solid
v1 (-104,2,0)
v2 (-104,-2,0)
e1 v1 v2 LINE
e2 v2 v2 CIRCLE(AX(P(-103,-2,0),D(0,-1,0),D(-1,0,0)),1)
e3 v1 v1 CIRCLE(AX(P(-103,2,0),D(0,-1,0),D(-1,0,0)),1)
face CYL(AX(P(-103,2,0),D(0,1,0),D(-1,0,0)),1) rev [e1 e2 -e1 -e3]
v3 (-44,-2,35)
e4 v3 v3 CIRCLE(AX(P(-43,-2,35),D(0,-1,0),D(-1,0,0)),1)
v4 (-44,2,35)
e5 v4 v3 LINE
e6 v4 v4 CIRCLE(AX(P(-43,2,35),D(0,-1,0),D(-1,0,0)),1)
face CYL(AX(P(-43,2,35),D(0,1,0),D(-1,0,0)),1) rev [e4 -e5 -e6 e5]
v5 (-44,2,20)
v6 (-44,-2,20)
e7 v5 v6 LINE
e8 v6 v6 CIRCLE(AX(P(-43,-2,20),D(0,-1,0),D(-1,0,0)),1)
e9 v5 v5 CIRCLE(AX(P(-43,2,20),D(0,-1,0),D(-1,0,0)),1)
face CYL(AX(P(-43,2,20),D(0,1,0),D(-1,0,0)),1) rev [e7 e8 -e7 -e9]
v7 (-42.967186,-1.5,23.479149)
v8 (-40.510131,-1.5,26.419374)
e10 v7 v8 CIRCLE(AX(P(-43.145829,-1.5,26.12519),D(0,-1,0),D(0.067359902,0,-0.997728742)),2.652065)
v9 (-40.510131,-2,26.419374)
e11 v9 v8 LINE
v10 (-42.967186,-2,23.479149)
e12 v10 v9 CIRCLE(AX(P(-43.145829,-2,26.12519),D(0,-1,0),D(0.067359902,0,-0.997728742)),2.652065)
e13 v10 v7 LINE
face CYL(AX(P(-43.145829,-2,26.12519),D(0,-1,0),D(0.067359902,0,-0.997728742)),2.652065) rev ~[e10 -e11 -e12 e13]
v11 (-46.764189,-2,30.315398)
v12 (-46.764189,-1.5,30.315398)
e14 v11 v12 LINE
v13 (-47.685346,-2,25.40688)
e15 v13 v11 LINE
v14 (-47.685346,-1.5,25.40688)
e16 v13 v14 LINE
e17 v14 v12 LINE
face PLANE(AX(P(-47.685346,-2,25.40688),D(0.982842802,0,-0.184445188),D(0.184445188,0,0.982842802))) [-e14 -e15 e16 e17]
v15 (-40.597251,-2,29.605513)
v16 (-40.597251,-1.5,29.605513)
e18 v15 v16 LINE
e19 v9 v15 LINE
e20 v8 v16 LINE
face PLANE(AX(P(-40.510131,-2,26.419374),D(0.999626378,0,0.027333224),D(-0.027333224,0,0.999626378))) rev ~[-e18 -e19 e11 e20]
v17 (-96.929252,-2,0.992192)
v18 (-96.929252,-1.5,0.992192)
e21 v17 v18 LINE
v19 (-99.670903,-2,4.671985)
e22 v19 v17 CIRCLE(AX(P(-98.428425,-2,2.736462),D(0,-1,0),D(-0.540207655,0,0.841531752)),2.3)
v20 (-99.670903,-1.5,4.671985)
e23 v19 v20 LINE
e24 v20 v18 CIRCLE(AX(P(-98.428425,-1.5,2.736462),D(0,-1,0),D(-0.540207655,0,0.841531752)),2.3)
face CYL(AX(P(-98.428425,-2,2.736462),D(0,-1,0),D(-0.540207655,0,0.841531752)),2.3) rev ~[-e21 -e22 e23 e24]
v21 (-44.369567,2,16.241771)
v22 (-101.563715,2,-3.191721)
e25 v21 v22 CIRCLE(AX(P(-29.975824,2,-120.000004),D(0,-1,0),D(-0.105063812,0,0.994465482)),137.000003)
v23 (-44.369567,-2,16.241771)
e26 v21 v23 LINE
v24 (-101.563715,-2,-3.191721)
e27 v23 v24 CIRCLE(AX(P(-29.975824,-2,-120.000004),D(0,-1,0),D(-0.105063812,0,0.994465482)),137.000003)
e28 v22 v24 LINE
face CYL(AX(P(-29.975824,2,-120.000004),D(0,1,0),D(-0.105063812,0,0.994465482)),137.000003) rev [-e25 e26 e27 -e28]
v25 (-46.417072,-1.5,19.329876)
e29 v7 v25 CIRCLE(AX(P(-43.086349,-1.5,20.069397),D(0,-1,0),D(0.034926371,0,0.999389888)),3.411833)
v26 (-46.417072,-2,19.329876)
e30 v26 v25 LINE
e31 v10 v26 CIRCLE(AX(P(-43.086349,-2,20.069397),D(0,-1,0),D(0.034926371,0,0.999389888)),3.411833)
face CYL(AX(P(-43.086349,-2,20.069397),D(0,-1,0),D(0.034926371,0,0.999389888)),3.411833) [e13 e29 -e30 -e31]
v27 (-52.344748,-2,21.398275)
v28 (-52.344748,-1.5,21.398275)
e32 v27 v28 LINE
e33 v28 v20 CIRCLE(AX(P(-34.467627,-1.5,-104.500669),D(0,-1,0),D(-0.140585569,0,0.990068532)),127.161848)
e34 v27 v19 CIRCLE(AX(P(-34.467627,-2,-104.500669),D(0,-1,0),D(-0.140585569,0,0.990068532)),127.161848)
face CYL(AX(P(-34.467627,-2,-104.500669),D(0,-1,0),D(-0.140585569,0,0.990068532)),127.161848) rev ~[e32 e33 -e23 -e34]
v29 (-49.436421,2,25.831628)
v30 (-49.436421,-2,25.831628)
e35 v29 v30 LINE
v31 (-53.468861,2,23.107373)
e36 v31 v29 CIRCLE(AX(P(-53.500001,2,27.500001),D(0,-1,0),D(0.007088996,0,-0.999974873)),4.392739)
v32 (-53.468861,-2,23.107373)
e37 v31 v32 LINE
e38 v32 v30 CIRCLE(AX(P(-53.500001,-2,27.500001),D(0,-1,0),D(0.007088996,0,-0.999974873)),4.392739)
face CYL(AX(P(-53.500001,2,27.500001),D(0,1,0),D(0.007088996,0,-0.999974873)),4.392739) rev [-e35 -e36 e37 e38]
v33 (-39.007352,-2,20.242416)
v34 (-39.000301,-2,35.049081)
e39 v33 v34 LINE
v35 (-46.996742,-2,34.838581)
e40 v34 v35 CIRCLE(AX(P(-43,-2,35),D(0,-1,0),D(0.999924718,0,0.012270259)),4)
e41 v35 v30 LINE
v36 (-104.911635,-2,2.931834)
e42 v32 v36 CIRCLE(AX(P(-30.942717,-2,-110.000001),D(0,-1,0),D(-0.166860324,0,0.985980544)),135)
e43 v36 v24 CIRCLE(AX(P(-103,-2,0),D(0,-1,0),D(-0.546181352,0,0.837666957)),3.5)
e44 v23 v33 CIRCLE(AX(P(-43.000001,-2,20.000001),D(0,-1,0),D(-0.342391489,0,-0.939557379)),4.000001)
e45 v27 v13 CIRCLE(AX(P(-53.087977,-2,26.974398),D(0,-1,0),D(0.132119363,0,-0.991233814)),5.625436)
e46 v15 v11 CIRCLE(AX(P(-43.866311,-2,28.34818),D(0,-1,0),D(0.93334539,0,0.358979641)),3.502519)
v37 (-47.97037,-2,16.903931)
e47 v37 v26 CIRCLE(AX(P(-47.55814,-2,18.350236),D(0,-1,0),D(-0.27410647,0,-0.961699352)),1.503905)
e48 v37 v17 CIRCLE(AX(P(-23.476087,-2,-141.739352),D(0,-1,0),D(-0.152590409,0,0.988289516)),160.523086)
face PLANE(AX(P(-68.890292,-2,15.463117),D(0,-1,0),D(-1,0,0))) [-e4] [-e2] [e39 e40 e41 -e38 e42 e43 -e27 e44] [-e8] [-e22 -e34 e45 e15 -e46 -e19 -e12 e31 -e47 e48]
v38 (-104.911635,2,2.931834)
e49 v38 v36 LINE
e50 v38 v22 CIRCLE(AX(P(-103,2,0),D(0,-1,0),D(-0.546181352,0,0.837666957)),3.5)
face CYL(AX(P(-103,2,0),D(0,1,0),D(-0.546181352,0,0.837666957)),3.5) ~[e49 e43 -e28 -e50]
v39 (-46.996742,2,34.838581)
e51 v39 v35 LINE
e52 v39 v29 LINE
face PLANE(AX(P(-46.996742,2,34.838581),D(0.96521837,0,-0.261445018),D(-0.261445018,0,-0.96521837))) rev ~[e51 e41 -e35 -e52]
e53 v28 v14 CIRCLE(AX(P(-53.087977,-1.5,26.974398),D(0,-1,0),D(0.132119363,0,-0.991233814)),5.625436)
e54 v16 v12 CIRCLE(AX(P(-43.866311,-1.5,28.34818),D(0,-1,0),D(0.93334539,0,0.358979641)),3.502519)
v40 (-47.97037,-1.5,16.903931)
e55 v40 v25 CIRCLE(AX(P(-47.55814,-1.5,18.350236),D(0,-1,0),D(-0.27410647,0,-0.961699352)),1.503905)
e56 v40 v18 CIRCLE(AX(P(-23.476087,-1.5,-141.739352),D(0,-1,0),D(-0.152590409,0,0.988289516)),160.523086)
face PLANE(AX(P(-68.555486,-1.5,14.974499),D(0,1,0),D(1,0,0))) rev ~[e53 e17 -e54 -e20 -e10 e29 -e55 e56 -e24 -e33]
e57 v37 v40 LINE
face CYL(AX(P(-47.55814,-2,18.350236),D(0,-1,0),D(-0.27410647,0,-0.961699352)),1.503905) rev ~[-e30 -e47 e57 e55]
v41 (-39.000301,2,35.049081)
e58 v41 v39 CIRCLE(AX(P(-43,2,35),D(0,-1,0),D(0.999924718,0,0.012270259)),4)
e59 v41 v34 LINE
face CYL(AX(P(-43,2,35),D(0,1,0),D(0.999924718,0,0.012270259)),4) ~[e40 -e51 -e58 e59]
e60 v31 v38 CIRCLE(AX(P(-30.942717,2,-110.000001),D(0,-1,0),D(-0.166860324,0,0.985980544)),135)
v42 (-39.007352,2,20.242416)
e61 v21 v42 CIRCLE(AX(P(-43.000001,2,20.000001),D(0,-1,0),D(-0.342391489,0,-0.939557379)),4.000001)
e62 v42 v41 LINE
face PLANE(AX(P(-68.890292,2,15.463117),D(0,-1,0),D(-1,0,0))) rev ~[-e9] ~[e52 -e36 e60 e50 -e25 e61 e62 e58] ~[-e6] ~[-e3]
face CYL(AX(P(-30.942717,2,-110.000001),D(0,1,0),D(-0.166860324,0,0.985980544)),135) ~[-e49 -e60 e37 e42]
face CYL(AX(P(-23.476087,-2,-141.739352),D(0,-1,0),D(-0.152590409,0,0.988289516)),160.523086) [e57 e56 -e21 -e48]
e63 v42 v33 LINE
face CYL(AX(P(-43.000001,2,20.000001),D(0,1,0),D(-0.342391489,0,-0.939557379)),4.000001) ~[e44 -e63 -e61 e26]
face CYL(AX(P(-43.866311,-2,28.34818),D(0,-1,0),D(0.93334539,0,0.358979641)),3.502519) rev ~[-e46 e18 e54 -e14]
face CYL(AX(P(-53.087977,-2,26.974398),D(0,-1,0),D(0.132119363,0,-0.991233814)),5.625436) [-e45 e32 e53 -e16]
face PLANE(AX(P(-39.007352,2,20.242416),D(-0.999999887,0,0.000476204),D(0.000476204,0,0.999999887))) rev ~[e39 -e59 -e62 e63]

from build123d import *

# Parameters (mm, degrees)
SKETCH_R     = 1
PAD_DEPTH    = 4
POCKET_DEPTH = 0.5


with BuildPart() as part:
    # Sketch → Pad (new body)
    with BuildSketch(Plane(origin=(-43, 2, 10), x_dir=(-1, 0, 0), z_dir=(0, -1, 0))):
        with BuildLine():
            ThreePointArc((1.369567, -6.241771), (-2.39195, -6.793979), (-3.992648, -10.242416))
            Line((-3.992648, -10.242416), (-3.999699, -25.049081))
            ThreePointArc((-3.999699, -25.049081), (0.10526, -28.998615), (3.996742, -24.838581))
            Line((3.996742, -24.838581), (6.436421, -15.831628))
            ThreePointArc((10.468861, -13.107373), (8.040921, -13.860073), (6.436421, -15.831628))
            ThreePointArc((10.468861, -13.107373), (37.233561, -5.679802), (61.911635, 7.068166))
            ThreePointArc((61.911635, 7.068166), (63.070989, 11.678996), (58.563715, 13.191721))
            ThreePointArc((1.369567, -6.241771), (31.05105, 0.283484), (58.563715, 13.191721))
        make_face()
        with Locations((0, -10)):
            Circle(SKETCH_R, mode=Mode.SUBTRACT)
        with Locations((60, 10)):
            Circle(SKETCH_R, mode=Mode.SUBTRACT)
        with Locations((0, -25)):
            Circle(SKETCH_R, mode=Mode.SUBTRACT)
    extrude(amount=PAD_DEPTH)

    # Sketch001 → Pocket (cut)
    with BuildSketch(Plane(origin=(-43, -2, 10), x_dir=(-1, 0, 0), z_dir=(0, -1, 0))):
        with BuildLine():
            ThreePointArc((-0.032814, -13.479149), (2.709829, -12.250672), (3.417072, -9.329876))
            ThreePointArc((4.97037, -6.903931), (3.291608, -7.539293), (3.417072, -9.329876))
            ThreePointArc((4.97037, -6.903931), (30.091825, -0.923478), (53.929252, 9.007808))
            ThreePointArc((56.670903, 5.328015), (57.272793, 8.637695), (53.929252, 9.007808))
            ThreePointArc((9.344748, -11.398275), (33.841325, -5.393473), (56.670903, 5.328015))
            ThreePointArc((9.344748, -11.398275), (6.419172, -12.709963), (4.685346, -15.40688))
            Line((4.685346, -15.40688), (3.764189, -20.315398))
            ThreePointArc((-2.402749, -19.605513), (0.465776, -21.827722), (3.764189, -20.315398))
            Line((-2.489869, -16.419374), (-2.402749, -19.605513))
            ThreePointArc((-0.032814, -13.479149), (-1.889204, -14.424576), (-2.489869, -16.419374))
        make_face()
    extrude(amount=-POCKET_DEPTH, mode=Mode.SUBTRACT)


solid = part.part
